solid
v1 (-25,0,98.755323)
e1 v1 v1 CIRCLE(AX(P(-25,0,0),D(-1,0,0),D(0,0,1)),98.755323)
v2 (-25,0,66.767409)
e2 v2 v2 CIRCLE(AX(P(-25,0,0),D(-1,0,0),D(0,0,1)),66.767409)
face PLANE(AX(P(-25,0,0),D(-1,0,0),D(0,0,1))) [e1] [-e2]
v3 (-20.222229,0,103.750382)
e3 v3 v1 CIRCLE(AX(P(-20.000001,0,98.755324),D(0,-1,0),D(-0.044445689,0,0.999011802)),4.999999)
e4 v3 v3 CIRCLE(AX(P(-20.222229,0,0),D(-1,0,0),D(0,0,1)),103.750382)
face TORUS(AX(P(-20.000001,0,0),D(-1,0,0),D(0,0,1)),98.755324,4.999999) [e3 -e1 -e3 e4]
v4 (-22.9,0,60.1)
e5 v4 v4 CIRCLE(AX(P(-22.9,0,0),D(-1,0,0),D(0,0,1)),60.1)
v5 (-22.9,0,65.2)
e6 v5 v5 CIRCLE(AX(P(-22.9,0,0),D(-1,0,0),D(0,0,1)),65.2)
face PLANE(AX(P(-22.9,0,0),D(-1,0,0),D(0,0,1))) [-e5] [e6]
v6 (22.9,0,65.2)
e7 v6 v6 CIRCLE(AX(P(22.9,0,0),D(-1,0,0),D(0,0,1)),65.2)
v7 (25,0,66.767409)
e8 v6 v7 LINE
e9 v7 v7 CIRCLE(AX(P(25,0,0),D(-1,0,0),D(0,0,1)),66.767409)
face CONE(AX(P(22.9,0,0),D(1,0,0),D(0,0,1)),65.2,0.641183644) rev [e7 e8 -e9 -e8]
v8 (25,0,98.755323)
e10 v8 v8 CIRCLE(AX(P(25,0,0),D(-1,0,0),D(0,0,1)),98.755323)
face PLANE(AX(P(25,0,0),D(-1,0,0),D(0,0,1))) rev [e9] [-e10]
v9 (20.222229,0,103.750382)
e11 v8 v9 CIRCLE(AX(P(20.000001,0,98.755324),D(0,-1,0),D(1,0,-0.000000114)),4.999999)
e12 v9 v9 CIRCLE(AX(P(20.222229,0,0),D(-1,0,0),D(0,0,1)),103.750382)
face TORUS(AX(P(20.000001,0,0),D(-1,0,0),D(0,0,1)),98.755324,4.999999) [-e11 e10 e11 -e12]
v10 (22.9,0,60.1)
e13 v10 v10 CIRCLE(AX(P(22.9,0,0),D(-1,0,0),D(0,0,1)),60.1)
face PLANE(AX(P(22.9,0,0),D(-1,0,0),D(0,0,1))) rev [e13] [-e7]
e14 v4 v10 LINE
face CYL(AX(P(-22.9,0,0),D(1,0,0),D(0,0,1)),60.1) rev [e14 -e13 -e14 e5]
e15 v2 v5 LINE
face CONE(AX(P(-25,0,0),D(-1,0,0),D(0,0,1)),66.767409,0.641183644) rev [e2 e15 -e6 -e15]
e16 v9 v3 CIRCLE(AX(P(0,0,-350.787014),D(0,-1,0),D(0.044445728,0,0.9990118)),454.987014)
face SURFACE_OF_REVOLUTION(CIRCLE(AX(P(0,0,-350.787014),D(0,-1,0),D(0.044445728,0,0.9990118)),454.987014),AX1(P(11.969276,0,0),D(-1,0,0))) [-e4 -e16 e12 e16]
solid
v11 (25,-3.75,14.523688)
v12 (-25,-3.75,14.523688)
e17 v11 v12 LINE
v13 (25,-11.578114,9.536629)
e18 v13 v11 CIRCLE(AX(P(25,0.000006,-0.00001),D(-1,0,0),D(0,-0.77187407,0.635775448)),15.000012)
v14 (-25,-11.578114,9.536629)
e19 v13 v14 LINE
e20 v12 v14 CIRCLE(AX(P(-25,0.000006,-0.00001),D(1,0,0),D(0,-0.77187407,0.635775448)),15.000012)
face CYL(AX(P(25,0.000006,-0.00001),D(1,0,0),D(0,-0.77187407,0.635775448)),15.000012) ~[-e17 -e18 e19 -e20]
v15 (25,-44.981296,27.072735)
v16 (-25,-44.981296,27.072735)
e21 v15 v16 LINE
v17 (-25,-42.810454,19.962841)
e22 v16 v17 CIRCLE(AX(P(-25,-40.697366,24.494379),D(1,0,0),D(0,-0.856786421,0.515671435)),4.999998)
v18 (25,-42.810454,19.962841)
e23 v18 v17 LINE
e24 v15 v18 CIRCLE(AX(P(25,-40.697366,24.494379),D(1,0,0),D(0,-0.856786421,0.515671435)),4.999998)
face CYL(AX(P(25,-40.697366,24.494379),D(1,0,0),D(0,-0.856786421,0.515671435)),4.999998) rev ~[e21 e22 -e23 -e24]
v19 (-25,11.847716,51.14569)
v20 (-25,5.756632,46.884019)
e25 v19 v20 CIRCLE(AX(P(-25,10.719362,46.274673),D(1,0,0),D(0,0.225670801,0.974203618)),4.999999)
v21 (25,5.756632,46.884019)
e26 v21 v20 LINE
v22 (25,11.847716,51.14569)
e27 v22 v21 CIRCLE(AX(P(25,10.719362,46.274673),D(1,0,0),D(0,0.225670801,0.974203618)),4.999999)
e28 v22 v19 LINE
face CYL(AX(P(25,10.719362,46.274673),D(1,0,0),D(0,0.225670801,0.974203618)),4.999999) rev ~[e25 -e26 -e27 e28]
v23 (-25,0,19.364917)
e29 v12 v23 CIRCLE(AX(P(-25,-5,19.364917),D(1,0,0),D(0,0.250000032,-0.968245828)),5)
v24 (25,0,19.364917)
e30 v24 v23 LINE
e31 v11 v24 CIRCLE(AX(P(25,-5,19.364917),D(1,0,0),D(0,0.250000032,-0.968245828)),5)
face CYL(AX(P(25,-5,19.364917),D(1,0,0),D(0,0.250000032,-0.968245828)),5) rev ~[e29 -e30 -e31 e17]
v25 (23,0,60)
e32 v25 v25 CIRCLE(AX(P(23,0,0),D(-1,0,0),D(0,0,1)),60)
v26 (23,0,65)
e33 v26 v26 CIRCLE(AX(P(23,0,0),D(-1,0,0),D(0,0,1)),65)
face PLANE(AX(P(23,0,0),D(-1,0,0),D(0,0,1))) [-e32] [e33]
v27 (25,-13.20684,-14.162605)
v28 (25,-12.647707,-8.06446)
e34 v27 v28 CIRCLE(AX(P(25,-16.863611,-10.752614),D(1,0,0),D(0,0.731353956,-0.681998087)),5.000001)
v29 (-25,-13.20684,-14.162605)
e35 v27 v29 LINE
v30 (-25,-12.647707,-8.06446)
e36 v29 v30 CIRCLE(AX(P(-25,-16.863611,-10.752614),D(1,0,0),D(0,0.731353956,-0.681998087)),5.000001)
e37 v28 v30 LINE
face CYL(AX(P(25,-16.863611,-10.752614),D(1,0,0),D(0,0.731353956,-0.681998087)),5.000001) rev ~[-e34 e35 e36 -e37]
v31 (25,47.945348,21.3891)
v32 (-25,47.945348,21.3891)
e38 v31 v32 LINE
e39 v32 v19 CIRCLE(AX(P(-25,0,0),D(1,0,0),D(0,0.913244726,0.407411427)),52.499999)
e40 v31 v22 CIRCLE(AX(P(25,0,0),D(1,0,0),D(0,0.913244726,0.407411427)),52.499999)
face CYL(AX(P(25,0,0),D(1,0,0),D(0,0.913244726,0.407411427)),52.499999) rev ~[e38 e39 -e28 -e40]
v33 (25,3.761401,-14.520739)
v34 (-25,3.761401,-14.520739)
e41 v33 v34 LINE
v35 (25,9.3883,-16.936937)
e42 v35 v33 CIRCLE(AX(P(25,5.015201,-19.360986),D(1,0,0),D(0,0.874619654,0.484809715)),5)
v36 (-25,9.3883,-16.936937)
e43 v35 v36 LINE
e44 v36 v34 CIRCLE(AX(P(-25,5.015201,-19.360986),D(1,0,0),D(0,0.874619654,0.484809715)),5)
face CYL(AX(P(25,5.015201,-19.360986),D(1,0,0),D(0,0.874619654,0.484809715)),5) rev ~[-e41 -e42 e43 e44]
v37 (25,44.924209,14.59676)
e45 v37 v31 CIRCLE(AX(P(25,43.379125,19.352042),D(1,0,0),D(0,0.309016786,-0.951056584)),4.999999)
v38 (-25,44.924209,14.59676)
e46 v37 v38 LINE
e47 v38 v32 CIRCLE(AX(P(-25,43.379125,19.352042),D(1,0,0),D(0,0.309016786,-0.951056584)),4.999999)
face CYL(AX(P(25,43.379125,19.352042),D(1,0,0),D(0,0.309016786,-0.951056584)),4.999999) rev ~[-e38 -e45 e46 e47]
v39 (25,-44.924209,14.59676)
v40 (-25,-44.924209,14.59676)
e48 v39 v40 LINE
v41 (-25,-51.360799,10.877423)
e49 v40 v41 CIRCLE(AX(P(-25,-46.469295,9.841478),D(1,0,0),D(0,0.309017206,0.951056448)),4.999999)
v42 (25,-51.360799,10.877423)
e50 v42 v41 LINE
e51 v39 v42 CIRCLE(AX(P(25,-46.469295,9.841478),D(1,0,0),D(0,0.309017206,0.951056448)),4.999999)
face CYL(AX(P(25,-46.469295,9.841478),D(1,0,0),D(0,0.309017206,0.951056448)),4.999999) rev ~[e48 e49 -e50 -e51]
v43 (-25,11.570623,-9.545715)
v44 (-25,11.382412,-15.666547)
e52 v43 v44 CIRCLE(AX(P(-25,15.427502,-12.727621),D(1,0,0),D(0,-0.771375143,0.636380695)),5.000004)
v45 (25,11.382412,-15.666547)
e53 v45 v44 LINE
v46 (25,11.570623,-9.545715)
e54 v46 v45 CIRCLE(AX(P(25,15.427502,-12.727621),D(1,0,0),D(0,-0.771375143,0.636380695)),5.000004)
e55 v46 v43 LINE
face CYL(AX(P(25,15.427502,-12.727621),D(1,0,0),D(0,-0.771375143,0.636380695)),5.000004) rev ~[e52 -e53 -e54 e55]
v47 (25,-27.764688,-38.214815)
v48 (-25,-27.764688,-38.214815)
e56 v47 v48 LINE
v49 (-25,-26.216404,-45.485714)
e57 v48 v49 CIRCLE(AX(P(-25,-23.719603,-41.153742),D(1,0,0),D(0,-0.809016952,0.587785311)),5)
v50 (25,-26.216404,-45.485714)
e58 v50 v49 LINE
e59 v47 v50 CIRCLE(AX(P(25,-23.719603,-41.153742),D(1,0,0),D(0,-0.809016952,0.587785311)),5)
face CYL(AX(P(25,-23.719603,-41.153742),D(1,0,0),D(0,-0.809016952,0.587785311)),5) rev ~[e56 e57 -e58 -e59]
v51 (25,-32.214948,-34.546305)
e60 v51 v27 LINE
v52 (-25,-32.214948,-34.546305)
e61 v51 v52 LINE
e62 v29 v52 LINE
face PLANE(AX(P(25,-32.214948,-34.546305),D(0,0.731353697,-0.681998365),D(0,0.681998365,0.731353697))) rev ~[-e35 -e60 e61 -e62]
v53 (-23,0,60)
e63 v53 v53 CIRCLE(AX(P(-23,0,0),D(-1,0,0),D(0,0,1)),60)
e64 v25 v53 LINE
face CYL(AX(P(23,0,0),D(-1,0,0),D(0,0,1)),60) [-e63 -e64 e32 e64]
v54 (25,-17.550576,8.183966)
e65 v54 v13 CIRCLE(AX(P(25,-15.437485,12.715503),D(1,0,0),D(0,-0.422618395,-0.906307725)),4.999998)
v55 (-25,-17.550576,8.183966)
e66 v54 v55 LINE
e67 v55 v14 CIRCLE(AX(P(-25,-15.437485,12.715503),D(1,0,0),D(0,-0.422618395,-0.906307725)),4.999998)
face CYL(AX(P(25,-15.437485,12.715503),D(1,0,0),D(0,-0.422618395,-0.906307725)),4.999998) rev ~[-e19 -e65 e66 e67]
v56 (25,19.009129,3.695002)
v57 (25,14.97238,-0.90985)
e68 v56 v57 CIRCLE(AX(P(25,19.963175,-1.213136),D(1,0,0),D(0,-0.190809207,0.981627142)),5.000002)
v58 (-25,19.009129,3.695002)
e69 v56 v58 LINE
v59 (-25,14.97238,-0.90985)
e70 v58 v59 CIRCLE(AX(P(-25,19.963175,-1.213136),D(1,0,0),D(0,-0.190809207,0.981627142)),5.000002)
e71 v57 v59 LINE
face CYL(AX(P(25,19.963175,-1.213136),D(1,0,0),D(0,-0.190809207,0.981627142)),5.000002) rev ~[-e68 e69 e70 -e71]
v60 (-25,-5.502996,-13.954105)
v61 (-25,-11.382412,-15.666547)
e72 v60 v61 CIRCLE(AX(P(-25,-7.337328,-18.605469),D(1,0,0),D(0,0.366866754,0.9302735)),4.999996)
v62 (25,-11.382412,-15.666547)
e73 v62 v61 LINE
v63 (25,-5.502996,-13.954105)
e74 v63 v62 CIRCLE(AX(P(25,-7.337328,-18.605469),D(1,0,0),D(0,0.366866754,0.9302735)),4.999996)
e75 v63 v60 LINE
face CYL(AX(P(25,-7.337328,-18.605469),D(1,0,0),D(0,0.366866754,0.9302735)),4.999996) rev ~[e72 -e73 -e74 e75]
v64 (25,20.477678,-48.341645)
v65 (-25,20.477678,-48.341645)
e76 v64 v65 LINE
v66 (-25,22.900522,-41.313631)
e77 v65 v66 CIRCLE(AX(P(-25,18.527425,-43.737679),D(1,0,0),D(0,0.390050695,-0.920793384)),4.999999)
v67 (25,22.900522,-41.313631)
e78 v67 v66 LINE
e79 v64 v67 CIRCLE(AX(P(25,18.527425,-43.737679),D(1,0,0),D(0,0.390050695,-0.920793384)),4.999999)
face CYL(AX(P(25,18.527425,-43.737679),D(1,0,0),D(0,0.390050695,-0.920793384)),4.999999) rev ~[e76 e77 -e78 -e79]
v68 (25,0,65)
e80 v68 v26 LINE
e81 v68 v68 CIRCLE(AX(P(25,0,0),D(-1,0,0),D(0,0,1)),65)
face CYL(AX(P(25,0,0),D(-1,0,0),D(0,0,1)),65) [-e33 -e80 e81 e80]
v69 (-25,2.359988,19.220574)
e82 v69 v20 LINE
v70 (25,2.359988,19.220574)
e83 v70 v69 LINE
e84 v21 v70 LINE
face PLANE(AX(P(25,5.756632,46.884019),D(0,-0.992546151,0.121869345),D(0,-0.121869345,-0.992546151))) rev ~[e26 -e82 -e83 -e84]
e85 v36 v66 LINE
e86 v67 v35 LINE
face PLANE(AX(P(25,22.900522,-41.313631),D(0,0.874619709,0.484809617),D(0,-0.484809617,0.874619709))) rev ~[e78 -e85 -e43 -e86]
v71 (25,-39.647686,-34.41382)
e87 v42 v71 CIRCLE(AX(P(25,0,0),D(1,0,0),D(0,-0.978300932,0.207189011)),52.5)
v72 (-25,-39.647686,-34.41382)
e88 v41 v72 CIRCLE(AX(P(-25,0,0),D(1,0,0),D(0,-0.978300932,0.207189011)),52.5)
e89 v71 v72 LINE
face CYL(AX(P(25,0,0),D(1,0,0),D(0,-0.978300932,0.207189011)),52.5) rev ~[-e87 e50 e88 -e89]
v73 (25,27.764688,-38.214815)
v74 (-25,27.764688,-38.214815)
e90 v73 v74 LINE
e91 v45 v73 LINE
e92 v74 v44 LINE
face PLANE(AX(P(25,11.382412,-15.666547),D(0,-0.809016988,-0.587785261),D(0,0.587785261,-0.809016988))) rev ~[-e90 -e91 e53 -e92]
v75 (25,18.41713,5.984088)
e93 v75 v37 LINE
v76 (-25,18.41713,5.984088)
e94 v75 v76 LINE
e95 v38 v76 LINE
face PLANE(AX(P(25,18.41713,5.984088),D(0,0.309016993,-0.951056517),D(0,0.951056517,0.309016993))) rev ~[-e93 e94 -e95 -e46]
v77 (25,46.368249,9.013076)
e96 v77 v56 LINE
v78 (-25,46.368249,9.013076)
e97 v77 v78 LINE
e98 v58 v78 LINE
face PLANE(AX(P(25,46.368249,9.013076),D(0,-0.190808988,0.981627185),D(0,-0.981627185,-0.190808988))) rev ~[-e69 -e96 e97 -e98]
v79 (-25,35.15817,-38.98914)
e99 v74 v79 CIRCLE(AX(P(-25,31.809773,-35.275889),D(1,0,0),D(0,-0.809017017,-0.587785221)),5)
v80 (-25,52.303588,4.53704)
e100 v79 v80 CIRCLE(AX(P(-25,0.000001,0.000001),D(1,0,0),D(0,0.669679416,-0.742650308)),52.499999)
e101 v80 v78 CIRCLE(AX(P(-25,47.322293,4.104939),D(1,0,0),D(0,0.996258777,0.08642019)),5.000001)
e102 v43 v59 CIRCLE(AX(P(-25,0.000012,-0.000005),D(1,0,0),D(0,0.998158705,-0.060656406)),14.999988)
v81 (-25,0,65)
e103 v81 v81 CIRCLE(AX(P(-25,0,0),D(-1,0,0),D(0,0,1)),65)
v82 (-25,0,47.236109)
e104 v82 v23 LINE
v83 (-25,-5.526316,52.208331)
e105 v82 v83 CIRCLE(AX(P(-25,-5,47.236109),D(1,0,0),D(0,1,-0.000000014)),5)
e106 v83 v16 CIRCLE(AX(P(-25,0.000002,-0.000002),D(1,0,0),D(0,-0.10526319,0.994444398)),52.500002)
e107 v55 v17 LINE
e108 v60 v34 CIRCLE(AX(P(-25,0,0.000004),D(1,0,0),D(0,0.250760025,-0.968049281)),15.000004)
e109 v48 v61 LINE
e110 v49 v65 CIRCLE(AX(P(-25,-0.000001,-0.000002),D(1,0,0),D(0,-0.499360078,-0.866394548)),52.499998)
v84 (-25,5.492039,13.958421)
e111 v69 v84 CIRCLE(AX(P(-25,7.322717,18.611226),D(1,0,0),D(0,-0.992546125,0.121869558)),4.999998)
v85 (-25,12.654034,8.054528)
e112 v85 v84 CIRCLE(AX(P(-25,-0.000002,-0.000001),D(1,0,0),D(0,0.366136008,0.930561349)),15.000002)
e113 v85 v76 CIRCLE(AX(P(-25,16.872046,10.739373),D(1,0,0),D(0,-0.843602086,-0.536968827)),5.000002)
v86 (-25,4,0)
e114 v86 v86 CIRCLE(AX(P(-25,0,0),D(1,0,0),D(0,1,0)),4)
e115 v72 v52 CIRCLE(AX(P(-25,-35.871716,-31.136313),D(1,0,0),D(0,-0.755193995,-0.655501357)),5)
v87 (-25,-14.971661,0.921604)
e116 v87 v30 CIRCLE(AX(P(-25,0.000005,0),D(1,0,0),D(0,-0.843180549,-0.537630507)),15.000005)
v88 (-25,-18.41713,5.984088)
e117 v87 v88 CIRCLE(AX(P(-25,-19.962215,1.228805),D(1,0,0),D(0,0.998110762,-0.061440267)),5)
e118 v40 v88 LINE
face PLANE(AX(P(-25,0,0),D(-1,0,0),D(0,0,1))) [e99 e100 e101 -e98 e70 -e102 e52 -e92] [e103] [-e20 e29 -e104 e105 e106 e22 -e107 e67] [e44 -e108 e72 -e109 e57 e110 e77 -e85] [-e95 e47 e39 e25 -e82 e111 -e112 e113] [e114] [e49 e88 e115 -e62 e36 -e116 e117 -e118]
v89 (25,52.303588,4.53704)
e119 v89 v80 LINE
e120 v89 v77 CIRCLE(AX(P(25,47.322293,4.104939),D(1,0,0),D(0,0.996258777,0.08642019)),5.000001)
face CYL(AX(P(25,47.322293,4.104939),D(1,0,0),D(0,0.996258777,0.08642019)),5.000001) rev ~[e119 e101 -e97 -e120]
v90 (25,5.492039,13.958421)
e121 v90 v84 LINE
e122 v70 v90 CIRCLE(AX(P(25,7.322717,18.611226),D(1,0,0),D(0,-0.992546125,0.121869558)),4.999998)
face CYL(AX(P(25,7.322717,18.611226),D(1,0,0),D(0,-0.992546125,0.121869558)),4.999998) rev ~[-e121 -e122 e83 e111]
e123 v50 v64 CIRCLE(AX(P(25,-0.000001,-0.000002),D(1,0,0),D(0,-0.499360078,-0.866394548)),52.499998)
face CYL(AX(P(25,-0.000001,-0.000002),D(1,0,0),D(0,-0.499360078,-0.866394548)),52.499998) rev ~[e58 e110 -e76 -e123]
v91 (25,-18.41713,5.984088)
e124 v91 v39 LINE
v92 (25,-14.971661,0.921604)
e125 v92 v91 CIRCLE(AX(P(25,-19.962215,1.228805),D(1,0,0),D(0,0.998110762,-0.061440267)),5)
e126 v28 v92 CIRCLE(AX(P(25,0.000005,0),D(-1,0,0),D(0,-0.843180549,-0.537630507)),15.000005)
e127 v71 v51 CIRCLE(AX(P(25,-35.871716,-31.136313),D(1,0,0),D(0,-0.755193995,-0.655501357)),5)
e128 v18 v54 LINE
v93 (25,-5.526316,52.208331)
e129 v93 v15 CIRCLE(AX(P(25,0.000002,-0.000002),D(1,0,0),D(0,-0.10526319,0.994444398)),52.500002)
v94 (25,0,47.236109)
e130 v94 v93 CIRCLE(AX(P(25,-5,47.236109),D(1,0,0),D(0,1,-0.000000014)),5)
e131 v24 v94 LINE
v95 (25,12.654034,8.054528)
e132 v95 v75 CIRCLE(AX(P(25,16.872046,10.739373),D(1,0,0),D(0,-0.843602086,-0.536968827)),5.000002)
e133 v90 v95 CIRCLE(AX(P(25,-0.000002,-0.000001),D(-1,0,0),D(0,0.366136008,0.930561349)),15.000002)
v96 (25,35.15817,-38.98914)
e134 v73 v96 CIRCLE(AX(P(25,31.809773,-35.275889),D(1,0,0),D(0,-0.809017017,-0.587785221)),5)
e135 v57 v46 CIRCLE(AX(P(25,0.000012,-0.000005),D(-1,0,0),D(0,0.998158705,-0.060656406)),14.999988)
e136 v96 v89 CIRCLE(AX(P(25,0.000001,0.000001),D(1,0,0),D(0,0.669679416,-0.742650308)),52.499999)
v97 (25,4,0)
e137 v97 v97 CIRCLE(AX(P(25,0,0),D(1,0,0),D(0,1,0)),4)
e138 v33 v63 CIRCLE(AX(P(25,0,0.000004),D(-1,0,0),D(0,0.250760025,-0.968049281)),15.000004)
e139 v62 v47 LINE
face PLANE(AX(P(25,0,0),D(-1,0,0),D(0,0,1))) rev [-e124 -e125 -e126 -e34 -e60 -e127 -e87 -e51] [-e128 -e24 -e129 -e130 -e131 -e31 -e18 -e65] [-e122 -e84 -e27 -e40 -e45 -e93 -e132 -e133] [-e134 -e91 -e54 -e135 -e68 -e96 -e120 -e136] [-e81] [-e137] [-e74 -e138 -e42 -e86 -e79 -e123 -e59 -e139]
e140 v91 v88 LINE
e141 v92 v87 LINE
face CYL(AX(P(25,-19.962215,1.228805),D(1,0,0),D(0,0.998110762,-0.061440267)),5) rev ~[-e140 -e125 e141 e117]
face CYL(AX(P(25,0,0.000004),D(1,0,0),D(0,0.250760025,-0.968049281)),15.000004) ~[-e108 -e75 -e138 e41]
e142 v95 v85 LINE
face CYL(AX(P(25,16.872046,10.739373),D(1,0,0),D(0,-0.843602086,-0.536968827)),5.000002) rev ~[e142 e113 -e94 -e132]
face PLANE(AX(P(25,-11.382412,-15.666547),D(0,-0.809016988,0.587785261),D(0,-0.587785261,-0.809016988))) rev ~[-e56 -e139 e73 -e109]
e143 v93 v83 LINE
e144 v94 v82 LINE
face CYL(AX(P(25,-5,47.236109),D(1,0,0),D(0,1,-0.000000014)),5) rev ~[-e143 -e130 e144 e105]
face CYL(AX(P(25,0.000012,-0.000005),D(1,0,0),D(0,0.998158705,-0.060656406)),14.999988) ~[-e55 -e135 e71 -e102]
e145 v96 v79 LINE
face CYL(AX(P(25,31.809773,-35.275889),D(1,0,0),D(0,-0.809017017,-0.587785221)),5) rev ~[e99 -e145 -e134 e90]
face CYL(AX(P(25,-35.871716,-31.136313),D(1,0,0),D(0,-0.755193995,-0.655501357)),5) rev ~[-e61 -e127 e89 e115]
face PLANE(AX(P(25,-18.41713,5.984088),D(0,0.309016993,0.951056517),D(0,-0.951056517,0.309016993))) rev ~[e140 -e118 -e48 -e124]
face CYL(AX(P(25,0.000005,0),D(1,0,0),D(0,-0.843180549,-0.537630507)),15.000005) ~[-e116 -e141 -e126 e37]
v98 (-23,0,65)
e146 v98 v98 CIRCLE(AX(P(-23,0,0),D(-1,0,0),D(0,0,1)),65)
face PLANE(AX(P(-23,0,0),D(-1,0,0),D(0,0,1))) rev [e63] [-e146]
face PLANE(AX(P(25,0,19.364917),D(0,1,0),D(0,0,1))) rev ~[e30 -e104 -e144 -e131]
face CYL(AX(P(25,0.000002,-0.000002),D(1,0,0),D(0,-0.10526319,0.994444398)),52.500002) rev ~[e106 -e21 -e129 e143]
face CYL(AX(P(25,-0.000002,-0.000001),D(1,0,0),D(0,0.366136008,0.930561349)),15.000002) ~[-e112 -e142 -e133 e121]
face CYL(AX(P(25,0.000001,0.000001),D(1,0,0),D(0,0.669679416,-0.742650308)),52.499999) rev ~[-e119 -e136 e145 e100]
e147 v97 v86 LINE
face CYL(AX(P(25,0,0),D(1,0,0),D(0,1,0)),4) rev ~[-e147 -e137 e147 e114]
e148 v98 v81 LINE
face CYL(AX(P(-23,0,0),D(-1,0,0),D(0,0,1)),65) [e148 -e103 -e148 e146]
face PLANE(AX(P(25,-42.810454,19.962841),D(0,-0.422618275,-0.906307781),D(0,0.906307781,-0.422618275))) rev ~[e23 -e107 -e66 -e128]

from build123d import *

# Parameters (mm, degrees)
F3_DEPTH = 50.001
F4_R     = 4
F5_DEPTH = 50.001


with BuildPart() as f1:
    # F0 (on Front) → F1 (revolve)
    with BuildSketch(Plane.XZ):
        Polygon((-25, 0), (0, 0), (25, 0), (25, 65), (23, 65), (23, 60), (0, 60), (-23, 60), (-23, 65), (-25, 65), align=None)
    revolve(axis=Axis((11.969276, 0, 0), (-1, 0, 0)))

    # F2 (on face) → F3 (cut, through all)
    with BuildSketch(Plane.YZ.offset(25)):
        with BuildLine():
            ThreePointArc((-12.647707, -8.06446), (-14.522214, -3.755701), (-14.971661, 0.921604))
            ThreePointArc((-14.971661, 0.921604), (-15.828714, 4.042019), (-18.41713, 5.984088))
            Line((-18.41713, 5.984088), (-44.924209, 14.59676))
            ThreePointArc((-44.924209, 14.59676), (-48.970894, 14.170681), (-51.360799, 10.877423))
            ThreePointArc((-51.360799, 10.877423), (-50.827751, -13.144951), (-39.647686, -34.41382))
            ThreePointArc((-39.647686, -34.41382), (-35.960825, -36.135519), (-32.214948, -34.546305))
            Line((-32.214948, -34.546305), (-13.20684, -14.162605))
            ThreePointArc((-13.20684, -14.162605), (-11.884495, -11.209144), (-12.647707, -8.06446))
        make_face()
        with BuildLine():
            ThreePointArc((0, 47.236109), (-1.65572, 50.953069), (-5.526316, 52.208331))
            ThreePointArc((-5.526316, 52.208331), (-28.20823, 44.27805), (-44.981296, 27.072735))
            ThreePointArc((-44.981296, 27.072735), (-45.479427, 23.034287), (-42.810454, 19.962841))
            Line((-42.810454, 19.962841), (-17.550576, 8.183966))
            ThreePointArc((-17.550576, 8.183966), (-14.33304, 7.83901), (-11.578114, 9.536629))
            ThreePointArc((-11.578114, 9.536629), (-8.059495, 12.650871), (-3.75, 14.523688))
            ThreePointArc((-3.75, 14.523688), (-1.047153, 16.303055), (0, 19.364917))
            Line((0, 19.364917), (0, 47.236109))
        make_face()
        with BuildLine():
            Line((5.756632, 46.884019), (2.359988, 19.220574))
            ThreePointArc((2.359988, 19.220574), (3.026188, 16.053919), (5.492039, 13.958421))
            ThreePointArc((5.492039, 13.958421), (9.541173, 11.574369), (12.654034, 8.054528))
            ThreePointArc((12.654034, 8.054528), (15.181538, 6.033823), (18.41713, 5.984088))
            Line((18.41713, 5.984088), (44.924209, 14.59676))
            ThreePointArc((44.924209, 14.59676), (47.947603, 17.320047), (47.945348, 21.3891))
            ThreePointArc((47.945348, 21.3891), (33.394106, 40.510291), (11.847716, 51.14569))
            ThreePointArc((11.847716, 51.14569), (7.852993, 50.371491), (5.756632, 46.884019))
        make_face()
        with BuildLine():
            ThreePointArc((-5.502996, -13.954105), (-8.735531, -13.804949), (-11.382412, -15.666547))
            Line((-11.382412, -15.666547), (-27.764688, -38.214815))
            ThreePointArc((-27.764688, -38.214815), (-28.609957, -42.195106), (-26.216404, -45.485714))
            ThreePointArc((-26.216404, -45.485714), (-3.205047, -52.402077), (20.477678, -48.341645))
            ThreePointArc((20.477678, -48.341645), (23.254415, -45.367266), (22.900522, -41.313631))
            Line((22.900522, -41.313631), (9.3883, -16.936937))
            ThreePointArc((9.3883, -16.936937), (6.988019, -14.766642), (3.761401, -14.520739))
            ThreePointArc((3.761401, -14.520739), (-0.915727, -14.972022), (-5.502996, -13.954105))
        make_face()
        with BuildLine():
            ThreePointArc((11.570623, -9.545715), (10.42986, -12.573947), (11.382412, -15.666547))
            Line((11.382412, -15.666547), (27.764688, -38.214815))
            ThreePointArc((27.764688, -38.214815), (31.288968, -40.248691), (35.15817, -38.98914))
            ThreePointArc((35.15817, -38.98914), (48.846923, -19.241313), (52.303588, 4.53704))
            ThreePointArc((52.303588, 4.53704), (50.332843, 8.097006), (46.368249, 9.013076))
            Line((46.368249, 9.013076), (19.009129, 3.695002))
            ThreePointArc((19.009129, 3.695002), (16.203328, 2.082857), (14.97238, -0.90985))
            ThreePointArc((14.97238, -0.90985), (13.956264, -5.497518), (11.570623, -9.545715))
        make_face()
    extrude(amount=-F3_DEPTH, mode=Mode.SUBTRACT)

    # F4 (on face) → F5 (cut, through all)
    with BuildSketch(Plane.YZ.offset(25)):
        Circle(F4_R)
    extrude(amount=-F5_DEPTH, mode=Mode.SUBTRACT)


with BuildPart() as f7:
    # F6 (on Front) → F7 (revolve)
    with BuildSketch(Plane.XZ):
        with BuildLine():
            Line((-22.9, 65.2), (-22.9, 60.1))
            Line((-22.9, 60.1), (0, 60.1))
            Line((0, 60.1), (22.9, 60.1))
            Line((22.9, 60.1), (22.9, 65.2))
            Line((22.9, 65.2), (25, 66.767409))
            Line((25, 66.767409), (25, 98.755323))
            ThreePointArc((25, 98.755323), (23.61325, 102.211394), (20.222229, 103.750382))
            ThreePointArc((20.222229, 103.750382), (0, 104.2), (-20.222229, 103.750382))
            ThreePointArc((-20.222229, 103.750382), (-23.61325, 102.211394), (-25, 98.755323))
            Line((-25, 98.755323), (-25, 66.767409))
            Line((-25, 66.767409), (-22.9, 65.2))
        make_face()
    revolve(axis=Axis((11.969276, 0, 0), (-1, 0, 0)))


solid = Compound([f1.part, f7.part])
